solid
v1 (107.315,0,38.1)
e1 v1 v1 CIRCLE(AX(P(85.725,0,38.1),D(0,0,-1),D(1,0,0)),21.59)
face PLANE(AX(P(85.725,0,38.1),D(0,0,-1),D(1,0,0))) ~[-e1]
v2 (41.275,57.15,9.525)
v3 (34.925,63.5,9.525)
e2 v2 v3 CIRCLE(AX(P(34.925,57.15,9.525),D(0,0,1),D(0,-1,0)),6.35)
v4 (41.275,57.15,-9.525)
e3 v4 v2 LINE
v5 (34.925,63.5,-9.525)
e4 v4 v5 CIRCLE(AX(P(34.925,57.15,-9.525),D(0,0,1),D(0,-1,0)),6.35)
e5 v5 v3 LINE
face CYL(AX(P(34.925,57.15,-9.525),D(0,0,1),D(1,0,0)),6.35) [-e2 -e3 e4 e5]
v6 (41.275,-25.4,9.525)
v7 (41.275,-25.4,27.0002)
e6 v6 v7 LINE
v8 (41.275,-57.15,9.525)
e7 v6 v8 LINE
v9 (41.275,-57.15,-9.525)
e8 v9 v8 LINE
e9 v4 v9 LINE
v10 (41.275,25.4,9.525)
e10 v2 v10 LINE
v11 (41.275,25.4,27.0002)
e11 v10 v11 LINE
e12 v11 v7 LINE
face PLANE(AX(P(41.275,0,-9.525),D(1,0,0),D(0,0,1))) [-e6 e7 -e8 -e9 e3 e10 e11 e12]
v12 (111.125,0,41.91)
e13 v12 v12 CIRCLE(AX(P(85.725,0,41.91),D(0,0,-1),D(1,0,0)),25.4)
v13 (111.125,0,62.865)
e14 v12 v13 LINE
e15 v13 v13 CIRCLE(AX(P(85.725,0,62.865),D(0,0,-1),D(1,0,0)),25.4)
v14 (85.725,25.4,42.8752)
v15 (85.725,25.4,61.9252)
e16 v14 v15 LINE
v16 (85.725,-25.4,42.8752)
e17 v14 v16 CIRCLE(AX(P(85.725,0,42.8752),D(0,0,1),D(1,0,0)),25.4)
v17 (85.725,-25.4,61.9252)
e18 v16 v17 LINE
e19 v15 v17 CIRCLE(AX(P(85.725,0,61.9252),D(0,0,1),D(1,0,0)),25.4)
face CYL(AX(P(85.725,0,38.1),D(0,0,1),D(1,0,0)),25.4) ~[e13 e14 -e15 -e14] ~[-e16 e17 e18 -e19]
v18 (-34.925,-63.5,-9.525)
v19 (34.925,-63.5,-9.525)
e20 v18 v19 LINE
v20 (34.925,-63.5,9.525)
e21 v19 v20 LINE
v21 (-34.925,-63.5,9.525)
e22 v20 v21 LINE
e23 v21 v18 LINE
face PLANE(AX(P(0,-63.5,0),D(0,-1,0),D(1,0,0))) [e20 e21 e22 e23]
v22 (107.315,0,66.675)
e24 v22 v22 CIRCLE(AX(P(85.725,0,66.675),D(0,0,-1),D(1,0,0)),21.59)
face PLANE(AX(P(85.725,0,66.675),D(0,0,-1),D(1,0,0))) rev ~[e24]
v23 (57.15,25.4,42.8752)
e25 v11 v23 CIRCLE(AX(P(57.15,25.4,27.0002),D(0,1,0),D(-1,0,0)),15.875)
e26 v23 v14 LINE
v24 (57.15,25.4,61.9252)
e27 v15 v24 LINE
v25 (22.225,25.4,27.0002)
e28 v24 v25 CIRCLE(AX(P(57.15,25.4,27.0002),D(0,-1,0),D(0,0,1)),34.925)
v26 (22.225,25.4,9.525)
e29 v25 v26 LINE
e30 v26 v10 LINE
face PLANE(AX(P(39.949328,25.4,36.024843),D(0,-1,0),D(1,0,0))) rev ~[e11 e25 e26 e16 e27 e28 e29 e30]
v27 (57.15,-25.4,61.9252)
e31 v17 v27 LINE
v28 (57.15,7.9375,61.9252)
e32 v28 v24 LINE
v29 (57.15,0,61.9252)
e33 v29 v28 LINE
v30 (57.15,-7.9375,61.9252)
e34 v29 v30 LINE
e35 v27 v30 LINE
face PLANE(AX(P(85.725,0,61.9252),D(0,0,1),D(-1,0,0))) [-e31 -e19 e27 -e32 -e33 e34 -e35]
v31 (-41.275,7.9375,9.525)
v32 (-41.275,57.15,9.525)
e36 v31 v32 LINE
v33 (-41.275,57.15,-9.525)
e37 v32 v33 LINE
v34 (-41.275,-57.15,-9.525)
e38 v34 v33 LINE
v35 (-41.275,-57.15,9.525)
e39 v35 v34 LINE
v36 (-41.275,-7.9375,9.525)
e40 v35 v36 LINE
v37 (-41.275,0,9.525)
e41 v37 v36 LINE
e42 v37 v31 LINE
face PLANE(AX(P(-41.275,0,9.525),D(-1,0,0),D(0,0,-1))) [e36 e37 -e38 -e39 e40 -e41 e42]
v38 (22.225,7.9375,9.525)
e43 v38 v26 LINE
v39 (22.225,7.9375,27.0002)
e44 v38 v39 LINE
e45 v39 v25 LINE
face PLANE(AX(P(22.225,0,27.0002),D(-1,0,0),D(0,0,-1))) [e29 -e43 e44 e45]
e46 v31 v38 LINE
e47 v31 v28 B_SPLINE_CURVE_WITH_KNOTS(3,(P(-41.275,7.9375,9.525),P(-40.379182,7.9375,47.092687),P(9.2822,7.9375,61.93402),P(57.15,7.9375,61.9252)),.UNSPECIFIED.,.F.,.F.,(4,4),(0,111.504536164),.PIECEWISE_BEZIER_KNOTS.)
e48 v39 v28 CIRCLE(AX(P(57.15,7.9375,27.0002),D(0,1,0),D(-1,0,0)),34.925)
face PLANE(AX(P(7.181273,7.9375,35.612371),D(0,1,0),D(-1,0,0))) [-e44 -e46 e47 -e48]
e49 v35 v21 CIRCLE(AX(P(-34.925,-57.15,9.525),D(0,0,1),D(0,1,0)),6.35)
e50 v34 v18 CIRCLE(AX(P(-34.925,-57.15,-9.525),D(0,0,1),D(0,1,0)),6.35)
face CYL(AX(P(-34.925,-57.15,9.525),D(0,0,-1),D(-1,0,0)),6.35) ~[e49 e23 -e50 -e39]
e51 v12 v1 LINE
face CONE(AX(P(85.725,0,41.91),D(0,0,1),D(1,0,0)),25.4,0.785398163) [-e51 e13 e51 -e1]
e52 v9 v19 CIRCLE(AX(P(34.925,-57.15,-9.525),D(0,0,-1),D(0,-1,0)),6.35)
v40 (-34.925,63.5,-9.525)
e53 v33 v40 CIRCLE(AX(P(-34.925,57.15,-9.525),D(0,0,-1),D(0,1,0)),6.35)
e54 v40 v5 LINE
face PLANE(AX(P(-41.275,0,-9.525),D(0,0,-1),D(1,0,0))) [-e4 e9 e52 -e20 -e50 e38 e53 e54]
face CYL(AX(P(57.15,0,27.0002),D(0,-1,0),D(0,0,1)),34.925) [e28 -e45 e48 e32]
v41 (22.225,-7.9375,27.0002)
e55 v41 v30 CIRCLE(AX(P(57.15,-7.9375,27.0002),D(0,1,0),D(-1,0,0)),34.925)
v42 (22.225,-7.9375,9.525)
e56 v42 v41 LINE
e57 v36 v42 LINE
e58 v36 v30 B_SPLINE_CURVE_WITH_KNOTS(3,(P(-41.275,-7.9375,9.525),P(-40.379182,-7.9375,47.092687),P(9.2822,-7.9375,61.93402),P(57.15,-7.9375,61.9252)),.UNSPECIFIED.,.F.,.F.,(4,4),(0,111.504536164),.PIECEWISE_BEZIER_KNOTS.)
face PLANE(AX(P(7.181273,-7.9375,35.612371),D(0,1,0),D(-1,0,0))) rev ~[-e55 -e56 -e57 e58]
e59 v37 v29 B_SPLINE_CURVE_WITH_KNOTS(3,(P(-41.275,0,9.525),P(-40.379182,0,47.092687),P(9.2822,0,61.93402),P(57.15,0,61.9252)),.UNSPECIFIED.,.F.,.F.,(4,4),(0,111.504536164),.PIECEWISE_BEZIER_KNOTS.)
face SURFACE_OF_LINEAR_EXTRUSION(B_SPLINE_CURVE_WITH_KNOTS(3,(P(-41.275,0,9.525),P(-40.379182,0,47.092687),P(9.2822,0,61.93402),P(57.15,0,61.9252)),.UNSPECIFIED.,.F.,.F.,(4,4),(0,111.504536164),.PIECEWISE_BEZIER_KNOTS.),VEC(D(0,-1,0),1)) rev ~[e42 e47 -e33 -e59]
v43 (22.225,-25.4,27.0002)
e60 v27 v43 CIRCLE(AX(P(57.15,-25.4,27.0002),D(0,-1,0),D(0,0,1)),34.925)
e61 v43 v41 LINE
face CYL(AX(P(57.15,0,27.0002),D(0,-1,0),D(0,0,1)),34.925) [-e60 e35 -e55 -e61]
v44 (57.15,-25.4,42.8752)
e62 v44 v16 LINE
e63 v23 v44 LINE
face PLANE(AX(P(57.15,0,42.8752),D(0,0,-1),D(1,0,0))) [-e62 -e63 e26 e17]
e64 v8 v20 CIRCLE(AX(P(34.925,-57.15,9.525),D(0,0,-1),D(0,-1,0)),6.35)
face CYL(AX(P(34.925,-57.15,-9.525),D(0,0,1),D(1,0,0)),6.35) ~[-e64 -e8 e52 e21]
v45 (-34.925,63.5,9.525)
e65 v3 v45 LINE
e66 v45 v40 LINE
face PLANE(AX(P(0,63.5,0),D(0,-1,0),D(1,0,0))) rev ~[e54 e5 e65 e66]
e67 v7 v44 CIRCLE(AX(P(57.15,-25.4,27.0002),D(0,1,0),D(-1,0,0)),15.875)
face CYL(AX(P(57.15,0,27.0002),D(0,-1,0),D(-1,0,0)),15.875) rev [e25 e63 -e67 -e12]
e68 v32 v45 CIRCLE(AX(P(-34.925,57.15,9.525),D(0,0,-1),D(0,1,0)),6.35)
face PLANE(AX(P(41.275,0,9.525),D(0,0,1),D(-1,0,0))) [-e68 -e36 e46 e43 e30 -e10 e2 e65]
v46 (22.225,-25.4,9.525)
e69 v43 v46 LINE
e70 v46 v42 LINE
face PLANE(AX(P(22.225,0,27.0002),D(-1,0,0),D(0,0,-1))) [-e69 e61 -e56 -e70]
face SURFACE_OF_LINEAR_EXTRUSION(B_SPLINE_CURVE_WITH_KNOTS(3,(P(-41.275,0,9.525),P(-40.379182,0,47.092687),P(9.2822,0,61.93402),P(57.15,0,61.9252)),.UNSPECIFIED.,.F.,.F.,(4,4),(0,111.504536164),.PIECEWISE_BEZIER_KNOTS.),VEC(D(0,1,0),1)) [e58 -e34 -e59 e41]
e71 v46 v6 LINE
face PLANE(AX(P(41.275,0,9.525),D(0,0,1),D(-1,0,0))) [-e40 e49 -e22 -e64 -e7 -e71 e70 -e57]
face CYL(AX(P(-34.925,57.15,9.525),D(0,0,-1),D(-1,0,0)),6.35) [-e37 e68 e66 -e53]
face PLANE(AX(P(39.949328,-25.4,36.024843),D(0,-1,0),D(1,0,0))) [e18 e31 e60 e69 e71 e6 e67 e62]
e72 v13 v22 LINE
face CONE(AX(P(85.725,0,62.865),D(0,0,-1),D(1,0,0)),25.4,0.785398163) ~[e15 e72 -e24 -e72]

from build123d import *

# Parameters (mm, degrees)
F1_DEPTH = 63.5
F0_W     = 25.4
F0_H     = 19.05
F2_DEPTH = 25.4
F3_DEPTH = 7.9375
F5_R     = 6.35
F6_SIZE  = 3.81


with BuildPart() as f1:
    # F0 (on Front) → F1 (new body, symmetric)
    with BuildSketch(Plane.XZ):
        Polygon((-41.275, -9.525), (41.275, -9.525), (41.275, 9.525), (22.225, 9.525), (-41.275, 9.525), align=None)
    extrude(amount=F1_DEPTH, both=True)

    # F0 (on Front) → F2 (join, symmetric)
    with BuildSketch(Plane.XZ):
        with BuildLine():
            Line((22.225, 9.525), (41.275, 9.525))
            Line((41.275, 9.525), (41.275, 27.0002))
            ThreePointArc((41.275, 27.0002), (45.9246798487, 38.2255201513), (57.15, 42.8752))
            Line((57.15, 42.8752), (60.325, 42.8752))
            Line((60.325, 42.8752), (60.325, 61.9252))
            Line((60.325, 61.9252), (57.15, 61.9252))
            ThreePointArc((57.15, 61.9252), (32.4542956671, 51.6959043329), (22.225, 27.0002))
            Line((22.225, 27.0002), (22.225, 9.525))
        make_face()
        with Locations((73.025, 52.4002)):
            Rectangle(F0_W, F0_H)
    extrude(amount=F2_DEPTH, both=True)

    # F0 (on Front) → F3 (join, symmetric)
    with BuildSketch(Plane.XZ):
        with BuildLine():
            add(Edge.make_bspline(
                [(-41.275, 9.525), (-40.3791815042, 47.0926873386), (9.2821996659, 61.9340203702), (57.15, 61.9252)],
                knots=[0, 0, 0, 0, 111.5045361635, 111.5045361635, 111.5045361635, 111.5045361635], degree=3))
            Line((-41.275, 9.525), (22.225, 9.525))
            Line((22.225, 9.525), (22.225, 27.0002))
            ThreePointArc((22.225, 27.0002), (32.4542956671, 51.6959043329), (57.15, 61.9252))
        make_face()
    extrude(amount=F3_DEPTH, both=True)

    # F0 (on Front) → F4 (revolve)
    with BuildSketch(Plane.XZ):
        Polygon((85.725, 66.675), (85.725, 61.9252), (85.725, 42.8752), (85.725, 38.1), (111.125, 38.1), (111.125, 66.675), align=None)
    revolve(axis=Axis((85.725, 0, 52.3875), (0, 0, -1)))

    # F5
    f5_edges = [f1.edges().sort_by_distance(p)[0] for p in [
        (41.275, 63.5, 0),
        (-41.275, 63.5, 0),
        (41.275, -63.5, 0),
        (-41.275, -63.5, 0),
    ]]
    fillet(f5_edges, radius=F5_R)

    # F6
    f6_edges = [f1.edges().sort_by_distance(p)[0] for p in [
        (60.325, 0, 66.675),
        (60.325, 0, 38.1),
    ]]
    chamfer(f6_edges, length=F6_SIZE)


solid = f1.part
